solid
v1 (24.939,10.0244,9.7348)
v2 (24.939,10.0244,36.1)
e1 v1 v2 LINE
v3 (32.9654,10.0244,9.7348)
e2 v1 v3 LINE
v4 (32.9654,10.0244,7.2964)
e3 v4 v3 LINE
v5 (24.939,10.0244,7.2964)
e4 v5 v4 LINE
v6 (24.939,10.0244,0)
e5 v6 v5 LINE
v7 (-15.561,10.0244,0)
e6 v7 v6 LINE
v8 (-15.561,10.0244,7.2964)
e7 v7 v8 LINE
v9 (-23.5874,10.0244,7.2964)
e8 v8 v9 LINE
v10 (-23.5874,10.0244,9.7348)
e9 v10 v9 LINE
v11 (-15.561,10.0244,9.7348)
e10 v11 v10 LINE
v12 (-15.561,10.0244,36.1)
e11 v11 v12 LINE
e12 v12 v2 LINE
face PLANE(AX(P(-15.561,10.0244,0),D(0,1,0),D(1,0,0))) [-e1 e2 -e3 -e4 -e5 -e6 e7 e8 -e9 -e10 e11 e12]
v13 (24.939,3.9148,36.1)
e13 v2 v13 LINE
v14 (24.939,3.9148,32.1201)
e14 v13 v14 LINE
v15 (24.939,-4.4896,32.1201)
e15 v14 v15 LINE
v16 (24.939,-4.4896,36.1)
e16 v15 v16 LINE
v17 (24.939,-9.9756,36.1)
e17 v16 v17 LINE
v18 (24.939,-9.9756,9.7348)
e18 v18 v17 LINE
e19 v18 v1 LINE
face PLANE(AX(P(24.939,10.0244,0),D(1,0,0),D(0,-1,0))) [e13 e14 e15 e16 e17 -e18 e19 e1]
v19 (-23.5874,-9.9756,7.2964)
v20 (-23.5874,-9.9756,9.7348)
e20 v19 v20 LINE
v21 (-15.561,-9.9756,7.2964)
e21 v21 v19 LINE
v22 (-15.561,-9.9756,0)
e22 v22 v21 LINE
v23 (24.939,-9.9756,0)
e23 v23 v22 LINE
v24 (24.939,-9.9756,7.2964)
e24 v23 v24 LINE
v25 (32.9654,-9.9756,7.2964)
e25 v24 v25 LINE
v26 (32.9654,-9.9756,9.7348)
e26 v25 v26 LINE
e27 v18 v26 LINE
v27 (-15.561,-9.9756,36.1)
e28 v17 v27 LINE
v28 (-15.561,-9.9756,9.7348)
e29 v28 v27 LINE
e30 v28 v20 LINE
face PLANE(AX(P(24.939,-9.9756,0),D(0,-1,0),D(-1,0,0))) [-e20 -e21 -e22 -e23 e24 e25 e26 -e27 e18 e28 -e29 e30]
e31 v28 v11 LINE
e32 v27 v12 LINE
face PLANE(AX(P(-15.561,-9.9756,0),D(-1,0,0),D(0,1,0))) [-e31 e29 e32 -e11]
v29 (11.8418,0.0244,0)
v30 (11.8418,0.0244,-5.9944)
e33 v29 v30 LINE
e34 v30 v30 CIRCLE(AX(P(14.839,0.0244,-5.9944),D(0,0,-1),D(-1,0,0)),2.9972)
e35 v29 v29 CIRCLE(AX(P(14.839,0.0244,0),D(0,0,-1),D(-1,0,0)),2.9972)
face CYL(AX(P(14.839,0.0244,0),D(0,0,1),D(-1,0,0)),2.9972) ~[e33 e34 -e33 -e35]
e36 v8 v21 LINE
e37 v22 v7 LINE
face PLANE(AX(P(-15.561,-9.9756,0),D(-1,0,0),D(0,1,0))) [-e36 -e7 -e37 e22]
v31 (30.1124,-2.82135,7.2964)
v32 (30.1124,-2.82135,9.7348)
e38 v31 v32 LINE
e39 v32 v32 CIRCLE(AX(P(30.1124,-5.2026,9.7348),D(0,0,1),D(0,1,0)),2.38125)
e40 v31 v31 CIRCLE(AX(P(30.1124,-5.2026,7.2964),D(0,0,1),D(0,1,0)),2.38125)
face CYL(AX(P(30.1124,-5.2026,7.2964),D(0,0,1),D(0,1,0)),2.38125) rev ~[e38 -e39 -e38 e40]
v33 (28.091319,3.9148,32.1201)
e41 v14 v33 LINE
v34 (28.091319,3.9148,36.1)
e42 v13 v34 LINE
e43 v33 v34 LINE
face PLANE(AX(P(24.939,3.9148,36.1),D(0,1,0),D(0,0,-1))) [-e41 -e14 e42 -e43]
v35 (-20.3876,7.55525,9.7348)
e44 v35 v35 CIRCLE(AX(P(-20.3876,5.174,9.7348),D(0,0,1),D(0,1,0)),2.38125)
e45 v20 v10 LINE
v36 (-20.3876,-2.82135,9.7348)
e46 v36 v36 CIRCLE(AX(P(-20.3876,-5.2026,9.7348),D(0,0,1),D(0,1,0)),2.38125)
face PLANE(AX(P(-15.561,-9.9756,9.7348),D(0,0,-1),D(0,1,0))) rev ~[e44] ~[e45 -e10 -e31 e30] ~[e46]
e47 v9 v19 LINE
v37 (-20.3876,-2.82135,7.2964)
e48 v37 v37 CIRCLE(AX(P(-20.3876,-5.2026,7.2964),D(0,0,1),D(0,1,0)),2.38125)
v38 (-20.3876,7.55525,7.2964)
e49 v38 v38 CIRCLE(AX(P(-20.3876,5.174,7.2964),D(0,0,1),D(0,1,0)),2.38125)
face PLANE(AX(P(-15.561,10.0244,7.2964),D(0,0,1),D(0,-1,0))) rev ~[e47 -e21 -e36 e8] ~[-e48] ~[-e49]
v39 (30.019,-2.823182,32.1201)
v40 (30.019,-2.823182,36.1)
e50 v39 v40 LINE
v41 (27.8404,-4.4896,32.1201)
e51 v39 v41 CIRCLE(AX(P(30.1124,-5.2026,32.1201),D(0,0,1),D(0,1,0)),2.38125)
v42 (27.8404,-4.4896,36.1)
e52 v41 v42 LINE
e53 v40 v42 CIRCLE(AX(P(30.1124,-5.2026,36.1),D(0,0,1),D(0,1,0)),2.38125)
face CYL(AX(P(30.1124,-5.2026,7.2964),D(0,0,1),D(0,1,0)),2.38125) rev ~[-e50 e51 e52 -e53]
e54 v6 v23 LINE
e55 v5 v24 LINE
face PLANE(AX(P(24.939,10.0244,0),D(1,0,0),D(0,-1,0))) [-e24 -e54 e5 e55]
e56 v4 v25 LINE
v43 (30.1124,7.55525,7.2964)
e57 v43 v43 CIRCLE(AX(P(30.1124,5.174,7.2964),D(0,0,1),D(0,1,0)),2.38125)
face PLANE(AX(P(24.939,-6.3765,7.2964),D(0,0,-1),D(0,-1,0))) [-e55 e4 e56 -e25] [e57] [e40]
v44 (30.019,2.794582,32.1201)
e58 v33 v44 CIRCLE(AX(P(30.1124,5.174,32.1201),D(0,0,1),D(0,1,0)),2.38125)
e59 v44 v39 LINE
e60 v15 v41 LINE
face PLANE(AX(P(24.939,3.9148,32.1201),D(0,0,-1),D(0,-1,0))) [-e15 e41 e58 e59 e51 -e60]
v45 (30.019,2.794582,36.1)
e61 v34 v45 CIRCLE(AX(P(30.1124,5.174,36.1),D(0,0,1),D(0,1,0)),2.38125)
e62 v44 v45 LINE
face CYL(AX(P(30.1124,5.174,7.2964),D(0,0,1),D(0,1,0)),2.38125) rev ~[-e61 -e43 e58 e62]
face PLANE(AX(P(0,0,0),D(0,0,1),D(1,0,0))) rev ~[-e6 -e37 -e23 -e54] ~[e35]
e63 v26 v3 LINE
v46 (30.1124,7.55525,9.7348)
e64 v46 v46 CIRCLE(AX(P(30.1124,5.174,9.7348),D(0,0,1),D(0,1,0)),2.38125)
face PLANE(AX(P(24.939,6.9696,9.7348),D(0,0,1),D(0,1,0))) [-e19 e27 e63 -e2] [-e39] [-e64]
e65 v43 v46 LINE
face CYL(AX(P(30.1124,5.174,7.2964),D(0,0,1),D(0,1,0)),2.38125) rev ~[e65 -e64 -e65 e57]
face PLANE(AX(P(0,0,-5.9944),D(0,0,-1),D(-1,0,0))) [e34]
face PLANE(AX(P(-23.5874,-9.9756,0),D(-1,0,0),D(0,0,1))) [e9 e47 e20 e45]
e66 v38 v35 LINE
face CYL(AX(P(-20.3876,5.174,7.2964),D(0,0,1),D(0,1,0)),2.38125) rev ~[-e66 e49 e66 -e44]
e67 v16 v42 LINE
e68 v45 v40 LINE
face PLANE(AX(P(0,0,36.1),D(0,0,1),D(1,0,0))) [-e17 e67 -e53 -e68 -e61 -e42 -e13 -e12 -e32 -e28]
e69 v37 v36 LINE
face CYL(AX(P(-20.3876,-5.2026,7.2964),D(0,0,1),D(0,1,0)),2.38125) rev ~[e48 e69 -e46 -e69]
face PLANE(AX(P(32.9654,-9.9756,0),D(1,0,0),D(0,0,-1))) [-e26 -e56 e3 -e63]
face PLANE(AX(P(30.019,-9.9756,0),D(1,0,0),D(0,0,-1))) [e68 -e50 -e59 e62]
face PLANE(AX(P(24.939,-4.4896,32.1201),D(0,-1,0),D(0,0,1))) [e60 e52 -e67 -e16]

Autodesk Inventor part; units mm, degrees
ref_plane "YZ Plane" through (0, 0, 0) normal (1, 0, 0) x (0, 1, 0)
ref_plane "XZ Plane" through (0, 0, 0) normal (0, 1, 0) x (-1, 0, 0)
ref_plane "XY Plane" through (0, 0, 0) normal (0, 0, 1) x (1, 0, 0)
sketch "Sketch1" plane through (0, 0, 0) normal (0, 0, 1) x (1, 0, 0)
  line L0 (-15.561, 10.0244) -> (24.939, 10.0244)
  line L1 (24.939, 10.0244) -> (24.939, -9.9756)
  line L2 (24.939, -9.9756) -> (-15.561, -9.9756)
  line L3 (-15.561, -9.9756) -> (-15.561, 10.0244)
  point P0 (0, 0)
  dimension "d0" = 20
  dimension "d1" = 40.5
extrude "Extrusion1" add sketch "Sketch1" along normal blind 36.1
sketch "Sketch2" plane through (24.939, -9.9756, 0) normal (1, 0, 0) x (0, 0, -1)
  line L0 (-36.1, 20) -> (-36.1, 0) projected
  line L1 (-36.1, 13.8904) -> (-32.1201, 13.8904)
  line L2 (-32.1201, 13.8904) -> (-32.1201, 5.486)
  line L3 (-32.1201, 5.486) -> (-36.1, 5.486)
  line L4 (-36.1, 5.486) -> (-36.1, 13.8904)
  point P0 (0, 9.9756)
extrude "Extrusion2" add sketch "Sketch2" along normal blind 5.08
sketch "Sketch3" plane through (24.939, -9.9756, 0) normal (1, 0, 0) x (0, 0, -1)
  line L0 (-36.1, 13.8904) -> (-36.1, 20) projected
  line L1 (-7.2964, 16.9452) -> (-7.2964, 3.5991)
  line L2 (-9.7348, 3.5991) -> (-9.7348, 16.9452)
  line L3 (-9.7348, 16.9452) -> (-9.7348, 20)
  line L4 (0, 20) -> (-36.1, 20) projected
  line L5 (-7.2964, 16.9452) -> (-7.2964, 20)
  line L6 (-7.2964, 3.5991) -> (-7.2964, 0)
  line L7 (0, 0) -> (-36.1, 0) projected
  line L8 (-9.7348, 3.5991) -> (-9.7348, 0)
  point P0 (0, 9.9756)
extrude "Extrusion3" add sketch "Sketch3" along normal blind 8.0264
sketch "Sketch4" plane through (-15.561, -9.9756, 0) normal (-1, 0, 0) x (0, 0, 1)
  line L0 (0, 0) -> (7.2964, 0) projected
  line L1 (9.7348, 20) -> (36.1, 20) projected
  line L2 (7.2964, 0) -> (9.7348, 0)
  line L3 (9.7348, 0) -> (9.7348, 20)
  line L4 (9.7348, 20) -> (7.2964, 20)
  line L5 (7.2964, 20) -> (7.2964, 0)
  point P0 (0, 9.9756)
extrude "Extrusion4" add sketch "Sketch4" along normal blind 8.0264
sketch "Sketch5" plane through (24.939, -9.9756, 7.2964) normal (0, 0, -1) x (-1, 0, 0)
  line L0 (0, 20) -> (-8.0264, 20) projected
  circle A0 centre (-5.1734, 4.773) radius 2.3347
  line L1 (40.5, 0) -> (48.5264, 0) projected
  line L2 (40.5, 20) -> (48.5264, 20) projected
  circle A1 centre (45.3266, 4.773) radius 2.3347
  circle A2 centre (45.3266, 15.1496) radius 2.3347
  circle A3 centre (-5.1734, 15.1496) radius 2.3347
  point P0 (24.939, 9.9756)
  dimension "d18" = 50.5
hole "Hole1" at (30.1124, -5.2026, 7.2964) at (30.1124, 5.174, 7.2964) at (-20.3876, -5.2026, 7.2964) at (-20.3876, 5.174, 7.2964) direction (0, 0, 1) diameter 4.7625 end through all
sketch "Sketch6" plane through (0, 0, 0) normal (0, 0, -1) x (-1, 0, 0)
  line L0 (15.561, -9.9756) -> (15.561, 10.0244) projected
  line L1 (15.561, 0.0244) -> (-14.839, 0.0244)
  circle A0 centre (-14.839, 0.0244) radius 2.9972
  point P0 (0, 0)
  dimension "d26" = 30.4
  dimension "d27" = 5.9944
extrude "Extrusion5" add sketch "Sketch6" along normal blind 5.9944
sketch "Sketch7" plane through (0, 0, 36.1) normal (0, 0, 1) x (1, 0, 0)
  point P0 (0, 0)
sketch "Sketch8" plane through (0, 0, 0) normal (0, 0, -1) x (-1, 0, 0)
  line L0 (15.561, -9.9756) -> (15.561, 10.0244) projected
  circle A0 centre (20.3876, -5.2026) radius 2.3813 projected
  line L1 (15.561, -9.9756) -> (23.5874, -9.9756) projected
  point P0 (0, 0)
  dimension "d30" = 4.8266
  dimension "d31" = 4.7625
  dimension "d33" = 4.773
properties part number "Aidan Sherry Servo motor"
